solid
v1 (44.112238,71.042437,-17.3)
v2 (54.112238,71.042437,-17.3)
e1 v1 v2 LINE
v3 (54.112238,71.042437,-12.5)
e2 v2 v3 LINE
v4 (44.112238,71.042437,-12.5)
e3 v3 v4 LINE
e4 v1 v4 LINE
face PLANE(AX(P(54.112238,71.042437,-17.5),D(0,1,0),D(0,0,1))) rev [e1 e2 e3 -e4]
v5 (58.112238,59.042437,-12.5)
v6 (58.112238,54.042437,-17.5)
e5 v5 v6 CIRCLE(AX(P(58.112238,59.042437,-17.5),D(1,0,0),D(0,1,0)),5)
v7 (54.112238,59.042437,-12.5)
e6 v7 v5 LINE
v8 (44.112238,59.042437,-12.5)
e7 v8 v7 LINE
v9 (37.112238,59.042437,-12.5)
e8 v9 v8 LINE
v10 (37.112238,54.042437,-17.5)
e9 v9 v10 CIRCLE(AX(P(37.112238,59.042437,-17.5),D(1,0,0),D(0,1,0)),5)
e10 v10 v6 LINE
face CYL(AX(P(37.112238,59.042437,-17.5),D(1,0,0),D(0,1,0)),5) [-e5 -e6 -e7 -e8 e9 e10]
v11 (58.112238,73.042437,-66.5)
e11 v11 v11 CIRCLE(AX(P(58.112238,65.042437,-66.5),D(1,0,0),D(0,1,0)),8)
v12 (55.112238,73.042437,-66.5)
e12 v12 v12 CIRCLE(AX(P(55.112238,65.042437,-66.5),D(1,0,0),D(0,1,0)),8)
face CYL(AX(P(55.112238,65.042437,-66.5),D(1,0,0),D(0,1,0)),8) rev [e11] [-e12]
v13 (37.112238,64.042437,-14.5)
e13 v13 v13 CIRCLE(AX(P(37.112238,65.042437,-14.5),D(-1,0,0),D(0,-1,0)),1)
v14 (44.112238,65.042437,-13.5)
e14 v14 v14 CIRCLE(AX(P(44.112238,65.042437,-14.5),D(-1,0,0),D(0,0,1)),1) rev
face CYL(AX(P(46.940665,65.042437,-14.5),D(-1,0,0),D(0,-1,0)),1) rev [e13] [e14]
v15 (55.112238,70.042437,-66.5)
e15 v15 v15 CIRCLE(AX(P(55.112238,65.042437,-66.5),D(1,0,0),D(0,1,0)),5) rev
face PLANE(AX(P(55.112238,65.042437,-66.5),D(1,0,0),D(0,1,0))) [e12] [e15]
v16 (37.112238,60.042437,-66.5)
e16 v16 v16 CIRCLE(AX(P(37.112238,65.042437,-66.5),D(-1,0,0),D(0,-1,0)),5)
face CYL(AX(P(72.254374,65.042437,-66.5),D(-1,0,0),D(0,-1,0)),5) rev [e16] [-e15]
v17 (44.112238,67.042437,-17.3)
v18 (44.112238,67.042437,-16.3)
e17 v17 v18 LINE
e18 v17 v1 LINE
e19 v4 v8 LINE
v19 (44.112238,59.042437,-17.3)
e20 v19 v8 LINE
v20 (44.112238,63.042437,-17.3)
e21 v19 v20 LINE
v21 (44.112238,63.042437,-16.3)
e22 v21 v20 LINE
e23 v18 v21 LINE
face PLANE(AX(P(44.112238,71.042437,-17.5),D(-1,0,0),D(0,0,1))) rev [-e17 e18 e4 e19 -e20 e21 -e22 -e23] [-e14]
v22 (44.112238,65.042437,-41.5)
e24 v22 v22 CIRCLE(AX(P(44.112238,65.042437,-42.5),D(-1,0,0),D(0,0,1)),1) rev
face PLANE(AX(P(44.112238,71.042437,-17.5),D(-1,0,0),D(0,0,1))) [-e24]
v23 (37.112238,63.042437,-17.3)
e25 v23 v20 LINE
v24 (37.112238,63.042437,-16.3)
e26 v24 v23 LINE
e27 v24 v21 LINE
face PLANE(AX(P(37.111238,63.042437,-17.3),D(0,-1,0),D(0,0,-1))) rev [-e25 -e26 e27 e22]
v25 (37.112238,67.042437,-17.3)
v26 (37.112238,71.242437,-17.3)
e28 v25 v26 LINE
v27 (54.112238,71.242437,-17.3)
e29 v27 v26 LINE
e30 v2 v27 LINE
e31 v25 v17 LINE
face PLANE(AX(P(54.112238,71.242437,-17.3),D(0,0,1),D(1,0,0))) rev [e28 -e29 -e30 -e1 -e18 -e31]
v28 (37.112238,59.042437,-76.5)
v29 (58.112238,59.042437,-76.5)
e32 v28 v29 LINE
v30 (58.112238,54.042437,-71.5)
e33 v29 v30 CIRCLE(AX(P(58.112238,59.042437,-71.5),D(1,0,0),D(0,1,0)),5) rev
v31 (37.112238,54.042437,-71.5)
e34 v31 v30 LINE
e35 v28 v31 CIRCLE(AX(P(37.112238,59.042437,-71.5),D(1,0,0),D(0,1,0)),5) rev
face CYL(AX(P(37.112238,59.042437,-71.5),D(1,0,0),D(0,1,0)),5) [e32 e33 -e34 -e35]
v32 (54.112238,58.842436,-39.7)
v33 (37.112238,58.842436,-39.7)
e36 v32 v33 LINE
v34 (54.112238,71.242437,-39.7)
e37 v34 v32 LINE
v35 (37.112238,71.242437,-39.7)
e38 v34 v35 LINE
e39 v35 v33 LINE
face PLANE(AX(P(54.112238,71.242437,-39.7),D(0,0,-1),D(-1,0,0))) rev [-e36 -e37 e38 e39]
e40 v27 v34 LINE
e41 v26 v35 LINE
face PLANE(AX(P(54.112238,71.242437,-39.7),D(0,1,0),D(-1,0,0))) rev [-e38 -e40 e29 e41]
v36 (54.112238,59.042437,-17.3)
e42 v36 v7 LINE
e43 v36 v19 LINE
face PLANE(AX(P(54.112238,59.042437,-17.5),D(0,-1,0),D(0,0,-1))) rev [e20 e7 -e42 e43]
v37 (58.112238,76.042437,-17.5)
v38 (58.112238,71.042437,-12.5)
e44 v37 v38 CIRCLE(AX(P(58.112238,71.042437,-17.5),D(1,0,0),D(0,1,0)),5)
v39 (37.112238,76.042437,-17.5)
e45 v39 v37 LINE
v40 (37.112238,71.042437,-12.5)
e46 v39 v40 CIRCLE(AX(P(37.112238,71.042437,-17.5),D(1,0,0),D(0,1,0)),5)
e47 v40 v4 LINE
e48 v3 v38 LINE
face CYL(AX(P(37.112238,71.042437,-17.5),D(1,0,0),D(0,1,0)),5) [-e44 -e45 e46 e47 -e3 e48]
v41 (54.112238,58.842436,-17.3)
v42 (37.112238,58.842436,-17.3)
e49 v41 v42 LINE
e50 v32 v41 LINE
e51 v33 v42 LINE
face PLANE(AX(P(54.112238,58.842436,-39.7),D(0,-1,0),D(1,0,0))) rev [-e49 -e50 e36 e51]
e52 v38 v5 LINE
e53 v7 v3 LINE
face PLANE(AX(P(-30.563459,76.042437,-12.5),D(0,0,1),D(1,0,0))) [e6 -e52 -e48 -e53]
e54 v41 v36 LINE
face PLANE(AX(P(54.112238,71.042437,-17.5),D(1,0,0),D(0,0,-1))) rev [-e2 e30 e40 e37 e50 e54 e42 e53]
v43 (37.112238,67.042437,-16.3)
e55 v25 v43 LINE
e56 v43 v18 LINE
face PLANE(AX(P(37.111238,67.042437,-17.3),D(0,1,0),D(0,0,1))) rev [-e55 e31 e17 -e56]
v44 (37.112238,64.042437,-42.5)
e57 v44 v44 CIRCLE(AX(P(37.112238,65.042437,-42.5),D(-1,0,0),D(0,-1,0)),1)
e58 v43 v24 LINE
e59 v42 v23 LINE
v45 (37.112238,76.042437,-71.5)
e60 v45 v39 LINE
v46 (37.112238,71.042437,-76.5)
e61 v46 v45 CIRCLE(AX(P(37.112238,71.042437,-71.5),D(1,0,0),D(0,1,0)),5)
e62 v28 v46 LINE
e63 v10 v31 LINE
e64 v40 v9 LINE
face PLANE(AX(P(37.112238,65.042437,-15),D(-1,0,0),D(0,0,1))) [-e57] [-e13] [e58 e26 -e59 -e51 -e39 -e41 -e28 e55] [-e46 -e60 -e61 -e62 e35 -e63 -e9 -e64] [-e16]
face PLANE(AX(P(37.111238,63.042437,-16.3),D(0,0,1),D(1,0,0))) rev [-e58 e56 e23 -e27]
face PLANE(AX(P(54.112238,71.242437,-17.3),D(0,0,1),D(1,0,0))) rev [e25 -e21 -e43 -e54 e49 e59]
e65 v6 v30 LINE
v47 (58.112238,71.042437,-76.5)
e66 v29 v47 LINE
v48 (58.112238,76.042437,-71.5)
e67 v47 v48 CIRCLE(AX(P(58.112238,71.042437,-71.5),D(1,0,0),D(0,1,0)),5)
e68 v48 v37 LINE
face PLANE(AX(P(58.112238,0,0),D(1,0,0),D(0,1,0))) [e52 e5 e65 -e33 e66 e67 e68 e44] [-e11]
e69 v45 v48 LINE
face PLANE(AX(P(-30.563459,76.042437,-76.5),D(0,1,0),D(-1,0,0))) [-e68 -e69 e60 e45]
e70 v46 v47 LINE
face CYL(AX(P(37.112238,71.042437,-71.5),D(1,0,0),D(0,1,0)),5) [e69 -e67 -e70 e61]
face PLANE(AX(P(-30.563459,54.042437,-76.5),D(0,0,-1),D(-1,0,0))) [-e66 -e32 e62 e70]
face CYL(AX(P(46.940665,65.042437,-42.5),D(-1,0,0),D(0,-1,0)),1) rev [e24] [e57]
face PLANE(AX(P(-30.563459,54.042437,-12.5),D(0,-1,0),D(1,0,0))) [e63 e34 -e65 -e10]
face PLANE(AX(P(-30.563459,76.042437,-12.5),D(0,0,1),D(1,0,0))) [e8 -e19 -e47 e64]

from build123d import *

# Parameters (mm, degrees)
SKETCH1_W                = 64
SKETCH1_H                = 22
BOSS_EXTRUDE1_DEPTH      = 4
BOSS_EXTRUDE1_DEPTH_BACK = 17
SKETCH2_W                = 10
SKETCH2_H                = 12
CUT_EXTRUDE1_DEPTH       = 5
SKETCH3_R                = 1
CUT_EXTRUDE2_DEPTH       = 7
SKETCH4_R                = 5
CUT_EXTRUDE3_DEPTH       = 21
CUT_EXTRUDE4_START       = -17
SKETCH7_W                = 22.400000327
SKETCH7_H                = 12.400000179
CUT_EXTRUDE4_DEPTH       = 17
CUT_EXTRUDE5_REACH       = 9
SKETCH8_W                = 1
SKETCH8_H                = 4
CUT_EXTRUDE7_DEPTH       = 21
SKETCH9_R                = 8
CUT_EXTRUDE6_DEPTH       = 3


with BuildPart() as part:
    # Sketch1 → Boss-Extrude1 (new body, two sides)
    with BuildSketch(Plane(origin=(54.112238255, 0, 0), x_dir=(0, 0, -1), z_dir=(1, 0, 0))) as boss_extrude1_sk:
        with Locations((44.500000075, 65.042436513)):
            Rectangle(SKETCH1_W, SKETCH1_H)
    extrude(amount=BOSS_EXTRUDE1_DEPTH)
    extrude(boss_extrude1_sk.sketch, amount=-BOSS_EXTRUDE1_DEPTH_BACK)

    # Sketch2 → Cut-Extrude1 (cut)
    with BuildSketch(Plane.XY.offset(-12.500000075)):
        with Locations((49.112238255, 65.042436513)):
            Rectangle(SKETCH2_W, SKETCH2_H)
    extrude(amount=-CUT_EXTRUDE1_DEPTH, mode=Mode.SUBTRACT)

    # Sketch3 → Cut-Extrude2 (cut)
    with BuildSketch(Plane.ZY.offset(-37.112238255)):
        with Locations((-14.499999836, 65.042436513)):
            Circle(SKETCH3_R)
        with Locations((-42.500000313, 65.042436513)):
            Circle(SKETCH3_R)
    extrude(amount=-CUT_EXTRUDE2_DEPTH, mode=Mode.SUBTRACT)

    # Sketch4 → Cut-Extrude3 (cut)
    with BuildSketch(Plane.ZY.offset(-37.112238255)):
        with Locations((-66.500000075, 65.042436513)):
            Circle(SKETCH4_R)
    extrude(amount=-CUT_EXTRUDE3_DEPTH, mode=Mode.SUBTRACT)

    # Sketch7 → Cut-Extrude4 (cut)
    with BuildSketch(Plane.ZY.offset(-37.112238255).offset(CUT_EXTRUDE4_START)):
        with Locations((-28.500000075, 65.042436514)):
            Rectangle(SKETCH7_W, SKETCH7_H)
    extrude(amount=CUT_EXTRUDE4_DEPTH, mode=Mode.SUBTRACT)

    # Sketch8 → Cut-Extrude5 (cut, up to next)
    with BuildSketch(Plane(origin=(44.112238255, 0, 0), x_dir=(0, 0, -1), z_dir=(1, 0, 0)), mode=Mode.PRIVATE) as cut_extrude5_sk1:
        with Locations((16.799999911, 65.042436513)):
            Rectangle(SKETCH8_W, SKETCH8_H)
    cut_extrude5_tool1 = extrude(cut_extrude5_sk1.sketch, amount=-CUT_EXTRUDE5_REACH, mode=Mode.PRIVATE) & part.part
    add(cut_extrude5_tool1.solids().sort_by_distance((44.112238, 65.042437, -16.8))[0], mode=Mode.SUBTRACT)

    # Sketch10 → Cut-Extrude7 (cut)
    with BuildSketch(Plane(origin=(58.112238255, 0, 0), x_dir=(0, 0, -1), z_dir=(1, 0, 0))):
        with BuildLine():
            ThreePointArc((12.500000075, 71.042436513), (13.964466169, 74.577970419), (17.500000075, 76.042436513))
            Line((17.500000075, 76.042436513), (12.500000075, 76.042436513))
            Line((12.500000075, 76.042436513), (12.500000075, 71.042436513))
        make_face()
        with BuildLine():
            ThreePointArc((71.500000075, 76.042436513), (75.03553398, 74.577970419), (76.500000075, 71.042436513))
            Line((76.500000075, 71.042436513), (76.500000075, 76.042436513))
            Line((76.500000075, 76.042436513), (71.500000075, 76.042436513))
        make_face()
        with BuildLine():
            Line((76.500000075, 54.042436513), (76.500000075, 59.042436513))
            ThreePointArc((76.500000075, 59.042436513), (75.03553398, 55.506902607), (71.500000075, 54.042436513))
            Line((71.500000075, 54.042436513), (76.500000075, 54.042436513))
        make_face()
        with BuildLine():
            Line((12.500000075, 54.042436513), (17.500000075, 54.042436513))
            ThreePointArc((17.500000075, 54.042436513), (13.964466169, 55.506902607), (12.500000075, 59.042436513))
            Line((12.500000075, 59.042436513), (12.500000075, 54.042436513))
        make_face()
    extrude(amount=-CUT_EXTRUDE7_DEPTH, mode=Mode.SUBTRACT)

    # Sketch9 → Cut-Extrude6 (cut)
    with BuildSketch(Plane(origin=(58.112238255, 0, 0), x_dir=(0, 0, -1), z_dir=(1, 0, 0))):
        with Locations((66.500000075, 65.042436513)):
            Circle(SKETCH9_R)
    extrude(amount=-CUT_EXTRUDE6_DEPTH, mode=Mode.SUBTRACT)


solid = part.part
